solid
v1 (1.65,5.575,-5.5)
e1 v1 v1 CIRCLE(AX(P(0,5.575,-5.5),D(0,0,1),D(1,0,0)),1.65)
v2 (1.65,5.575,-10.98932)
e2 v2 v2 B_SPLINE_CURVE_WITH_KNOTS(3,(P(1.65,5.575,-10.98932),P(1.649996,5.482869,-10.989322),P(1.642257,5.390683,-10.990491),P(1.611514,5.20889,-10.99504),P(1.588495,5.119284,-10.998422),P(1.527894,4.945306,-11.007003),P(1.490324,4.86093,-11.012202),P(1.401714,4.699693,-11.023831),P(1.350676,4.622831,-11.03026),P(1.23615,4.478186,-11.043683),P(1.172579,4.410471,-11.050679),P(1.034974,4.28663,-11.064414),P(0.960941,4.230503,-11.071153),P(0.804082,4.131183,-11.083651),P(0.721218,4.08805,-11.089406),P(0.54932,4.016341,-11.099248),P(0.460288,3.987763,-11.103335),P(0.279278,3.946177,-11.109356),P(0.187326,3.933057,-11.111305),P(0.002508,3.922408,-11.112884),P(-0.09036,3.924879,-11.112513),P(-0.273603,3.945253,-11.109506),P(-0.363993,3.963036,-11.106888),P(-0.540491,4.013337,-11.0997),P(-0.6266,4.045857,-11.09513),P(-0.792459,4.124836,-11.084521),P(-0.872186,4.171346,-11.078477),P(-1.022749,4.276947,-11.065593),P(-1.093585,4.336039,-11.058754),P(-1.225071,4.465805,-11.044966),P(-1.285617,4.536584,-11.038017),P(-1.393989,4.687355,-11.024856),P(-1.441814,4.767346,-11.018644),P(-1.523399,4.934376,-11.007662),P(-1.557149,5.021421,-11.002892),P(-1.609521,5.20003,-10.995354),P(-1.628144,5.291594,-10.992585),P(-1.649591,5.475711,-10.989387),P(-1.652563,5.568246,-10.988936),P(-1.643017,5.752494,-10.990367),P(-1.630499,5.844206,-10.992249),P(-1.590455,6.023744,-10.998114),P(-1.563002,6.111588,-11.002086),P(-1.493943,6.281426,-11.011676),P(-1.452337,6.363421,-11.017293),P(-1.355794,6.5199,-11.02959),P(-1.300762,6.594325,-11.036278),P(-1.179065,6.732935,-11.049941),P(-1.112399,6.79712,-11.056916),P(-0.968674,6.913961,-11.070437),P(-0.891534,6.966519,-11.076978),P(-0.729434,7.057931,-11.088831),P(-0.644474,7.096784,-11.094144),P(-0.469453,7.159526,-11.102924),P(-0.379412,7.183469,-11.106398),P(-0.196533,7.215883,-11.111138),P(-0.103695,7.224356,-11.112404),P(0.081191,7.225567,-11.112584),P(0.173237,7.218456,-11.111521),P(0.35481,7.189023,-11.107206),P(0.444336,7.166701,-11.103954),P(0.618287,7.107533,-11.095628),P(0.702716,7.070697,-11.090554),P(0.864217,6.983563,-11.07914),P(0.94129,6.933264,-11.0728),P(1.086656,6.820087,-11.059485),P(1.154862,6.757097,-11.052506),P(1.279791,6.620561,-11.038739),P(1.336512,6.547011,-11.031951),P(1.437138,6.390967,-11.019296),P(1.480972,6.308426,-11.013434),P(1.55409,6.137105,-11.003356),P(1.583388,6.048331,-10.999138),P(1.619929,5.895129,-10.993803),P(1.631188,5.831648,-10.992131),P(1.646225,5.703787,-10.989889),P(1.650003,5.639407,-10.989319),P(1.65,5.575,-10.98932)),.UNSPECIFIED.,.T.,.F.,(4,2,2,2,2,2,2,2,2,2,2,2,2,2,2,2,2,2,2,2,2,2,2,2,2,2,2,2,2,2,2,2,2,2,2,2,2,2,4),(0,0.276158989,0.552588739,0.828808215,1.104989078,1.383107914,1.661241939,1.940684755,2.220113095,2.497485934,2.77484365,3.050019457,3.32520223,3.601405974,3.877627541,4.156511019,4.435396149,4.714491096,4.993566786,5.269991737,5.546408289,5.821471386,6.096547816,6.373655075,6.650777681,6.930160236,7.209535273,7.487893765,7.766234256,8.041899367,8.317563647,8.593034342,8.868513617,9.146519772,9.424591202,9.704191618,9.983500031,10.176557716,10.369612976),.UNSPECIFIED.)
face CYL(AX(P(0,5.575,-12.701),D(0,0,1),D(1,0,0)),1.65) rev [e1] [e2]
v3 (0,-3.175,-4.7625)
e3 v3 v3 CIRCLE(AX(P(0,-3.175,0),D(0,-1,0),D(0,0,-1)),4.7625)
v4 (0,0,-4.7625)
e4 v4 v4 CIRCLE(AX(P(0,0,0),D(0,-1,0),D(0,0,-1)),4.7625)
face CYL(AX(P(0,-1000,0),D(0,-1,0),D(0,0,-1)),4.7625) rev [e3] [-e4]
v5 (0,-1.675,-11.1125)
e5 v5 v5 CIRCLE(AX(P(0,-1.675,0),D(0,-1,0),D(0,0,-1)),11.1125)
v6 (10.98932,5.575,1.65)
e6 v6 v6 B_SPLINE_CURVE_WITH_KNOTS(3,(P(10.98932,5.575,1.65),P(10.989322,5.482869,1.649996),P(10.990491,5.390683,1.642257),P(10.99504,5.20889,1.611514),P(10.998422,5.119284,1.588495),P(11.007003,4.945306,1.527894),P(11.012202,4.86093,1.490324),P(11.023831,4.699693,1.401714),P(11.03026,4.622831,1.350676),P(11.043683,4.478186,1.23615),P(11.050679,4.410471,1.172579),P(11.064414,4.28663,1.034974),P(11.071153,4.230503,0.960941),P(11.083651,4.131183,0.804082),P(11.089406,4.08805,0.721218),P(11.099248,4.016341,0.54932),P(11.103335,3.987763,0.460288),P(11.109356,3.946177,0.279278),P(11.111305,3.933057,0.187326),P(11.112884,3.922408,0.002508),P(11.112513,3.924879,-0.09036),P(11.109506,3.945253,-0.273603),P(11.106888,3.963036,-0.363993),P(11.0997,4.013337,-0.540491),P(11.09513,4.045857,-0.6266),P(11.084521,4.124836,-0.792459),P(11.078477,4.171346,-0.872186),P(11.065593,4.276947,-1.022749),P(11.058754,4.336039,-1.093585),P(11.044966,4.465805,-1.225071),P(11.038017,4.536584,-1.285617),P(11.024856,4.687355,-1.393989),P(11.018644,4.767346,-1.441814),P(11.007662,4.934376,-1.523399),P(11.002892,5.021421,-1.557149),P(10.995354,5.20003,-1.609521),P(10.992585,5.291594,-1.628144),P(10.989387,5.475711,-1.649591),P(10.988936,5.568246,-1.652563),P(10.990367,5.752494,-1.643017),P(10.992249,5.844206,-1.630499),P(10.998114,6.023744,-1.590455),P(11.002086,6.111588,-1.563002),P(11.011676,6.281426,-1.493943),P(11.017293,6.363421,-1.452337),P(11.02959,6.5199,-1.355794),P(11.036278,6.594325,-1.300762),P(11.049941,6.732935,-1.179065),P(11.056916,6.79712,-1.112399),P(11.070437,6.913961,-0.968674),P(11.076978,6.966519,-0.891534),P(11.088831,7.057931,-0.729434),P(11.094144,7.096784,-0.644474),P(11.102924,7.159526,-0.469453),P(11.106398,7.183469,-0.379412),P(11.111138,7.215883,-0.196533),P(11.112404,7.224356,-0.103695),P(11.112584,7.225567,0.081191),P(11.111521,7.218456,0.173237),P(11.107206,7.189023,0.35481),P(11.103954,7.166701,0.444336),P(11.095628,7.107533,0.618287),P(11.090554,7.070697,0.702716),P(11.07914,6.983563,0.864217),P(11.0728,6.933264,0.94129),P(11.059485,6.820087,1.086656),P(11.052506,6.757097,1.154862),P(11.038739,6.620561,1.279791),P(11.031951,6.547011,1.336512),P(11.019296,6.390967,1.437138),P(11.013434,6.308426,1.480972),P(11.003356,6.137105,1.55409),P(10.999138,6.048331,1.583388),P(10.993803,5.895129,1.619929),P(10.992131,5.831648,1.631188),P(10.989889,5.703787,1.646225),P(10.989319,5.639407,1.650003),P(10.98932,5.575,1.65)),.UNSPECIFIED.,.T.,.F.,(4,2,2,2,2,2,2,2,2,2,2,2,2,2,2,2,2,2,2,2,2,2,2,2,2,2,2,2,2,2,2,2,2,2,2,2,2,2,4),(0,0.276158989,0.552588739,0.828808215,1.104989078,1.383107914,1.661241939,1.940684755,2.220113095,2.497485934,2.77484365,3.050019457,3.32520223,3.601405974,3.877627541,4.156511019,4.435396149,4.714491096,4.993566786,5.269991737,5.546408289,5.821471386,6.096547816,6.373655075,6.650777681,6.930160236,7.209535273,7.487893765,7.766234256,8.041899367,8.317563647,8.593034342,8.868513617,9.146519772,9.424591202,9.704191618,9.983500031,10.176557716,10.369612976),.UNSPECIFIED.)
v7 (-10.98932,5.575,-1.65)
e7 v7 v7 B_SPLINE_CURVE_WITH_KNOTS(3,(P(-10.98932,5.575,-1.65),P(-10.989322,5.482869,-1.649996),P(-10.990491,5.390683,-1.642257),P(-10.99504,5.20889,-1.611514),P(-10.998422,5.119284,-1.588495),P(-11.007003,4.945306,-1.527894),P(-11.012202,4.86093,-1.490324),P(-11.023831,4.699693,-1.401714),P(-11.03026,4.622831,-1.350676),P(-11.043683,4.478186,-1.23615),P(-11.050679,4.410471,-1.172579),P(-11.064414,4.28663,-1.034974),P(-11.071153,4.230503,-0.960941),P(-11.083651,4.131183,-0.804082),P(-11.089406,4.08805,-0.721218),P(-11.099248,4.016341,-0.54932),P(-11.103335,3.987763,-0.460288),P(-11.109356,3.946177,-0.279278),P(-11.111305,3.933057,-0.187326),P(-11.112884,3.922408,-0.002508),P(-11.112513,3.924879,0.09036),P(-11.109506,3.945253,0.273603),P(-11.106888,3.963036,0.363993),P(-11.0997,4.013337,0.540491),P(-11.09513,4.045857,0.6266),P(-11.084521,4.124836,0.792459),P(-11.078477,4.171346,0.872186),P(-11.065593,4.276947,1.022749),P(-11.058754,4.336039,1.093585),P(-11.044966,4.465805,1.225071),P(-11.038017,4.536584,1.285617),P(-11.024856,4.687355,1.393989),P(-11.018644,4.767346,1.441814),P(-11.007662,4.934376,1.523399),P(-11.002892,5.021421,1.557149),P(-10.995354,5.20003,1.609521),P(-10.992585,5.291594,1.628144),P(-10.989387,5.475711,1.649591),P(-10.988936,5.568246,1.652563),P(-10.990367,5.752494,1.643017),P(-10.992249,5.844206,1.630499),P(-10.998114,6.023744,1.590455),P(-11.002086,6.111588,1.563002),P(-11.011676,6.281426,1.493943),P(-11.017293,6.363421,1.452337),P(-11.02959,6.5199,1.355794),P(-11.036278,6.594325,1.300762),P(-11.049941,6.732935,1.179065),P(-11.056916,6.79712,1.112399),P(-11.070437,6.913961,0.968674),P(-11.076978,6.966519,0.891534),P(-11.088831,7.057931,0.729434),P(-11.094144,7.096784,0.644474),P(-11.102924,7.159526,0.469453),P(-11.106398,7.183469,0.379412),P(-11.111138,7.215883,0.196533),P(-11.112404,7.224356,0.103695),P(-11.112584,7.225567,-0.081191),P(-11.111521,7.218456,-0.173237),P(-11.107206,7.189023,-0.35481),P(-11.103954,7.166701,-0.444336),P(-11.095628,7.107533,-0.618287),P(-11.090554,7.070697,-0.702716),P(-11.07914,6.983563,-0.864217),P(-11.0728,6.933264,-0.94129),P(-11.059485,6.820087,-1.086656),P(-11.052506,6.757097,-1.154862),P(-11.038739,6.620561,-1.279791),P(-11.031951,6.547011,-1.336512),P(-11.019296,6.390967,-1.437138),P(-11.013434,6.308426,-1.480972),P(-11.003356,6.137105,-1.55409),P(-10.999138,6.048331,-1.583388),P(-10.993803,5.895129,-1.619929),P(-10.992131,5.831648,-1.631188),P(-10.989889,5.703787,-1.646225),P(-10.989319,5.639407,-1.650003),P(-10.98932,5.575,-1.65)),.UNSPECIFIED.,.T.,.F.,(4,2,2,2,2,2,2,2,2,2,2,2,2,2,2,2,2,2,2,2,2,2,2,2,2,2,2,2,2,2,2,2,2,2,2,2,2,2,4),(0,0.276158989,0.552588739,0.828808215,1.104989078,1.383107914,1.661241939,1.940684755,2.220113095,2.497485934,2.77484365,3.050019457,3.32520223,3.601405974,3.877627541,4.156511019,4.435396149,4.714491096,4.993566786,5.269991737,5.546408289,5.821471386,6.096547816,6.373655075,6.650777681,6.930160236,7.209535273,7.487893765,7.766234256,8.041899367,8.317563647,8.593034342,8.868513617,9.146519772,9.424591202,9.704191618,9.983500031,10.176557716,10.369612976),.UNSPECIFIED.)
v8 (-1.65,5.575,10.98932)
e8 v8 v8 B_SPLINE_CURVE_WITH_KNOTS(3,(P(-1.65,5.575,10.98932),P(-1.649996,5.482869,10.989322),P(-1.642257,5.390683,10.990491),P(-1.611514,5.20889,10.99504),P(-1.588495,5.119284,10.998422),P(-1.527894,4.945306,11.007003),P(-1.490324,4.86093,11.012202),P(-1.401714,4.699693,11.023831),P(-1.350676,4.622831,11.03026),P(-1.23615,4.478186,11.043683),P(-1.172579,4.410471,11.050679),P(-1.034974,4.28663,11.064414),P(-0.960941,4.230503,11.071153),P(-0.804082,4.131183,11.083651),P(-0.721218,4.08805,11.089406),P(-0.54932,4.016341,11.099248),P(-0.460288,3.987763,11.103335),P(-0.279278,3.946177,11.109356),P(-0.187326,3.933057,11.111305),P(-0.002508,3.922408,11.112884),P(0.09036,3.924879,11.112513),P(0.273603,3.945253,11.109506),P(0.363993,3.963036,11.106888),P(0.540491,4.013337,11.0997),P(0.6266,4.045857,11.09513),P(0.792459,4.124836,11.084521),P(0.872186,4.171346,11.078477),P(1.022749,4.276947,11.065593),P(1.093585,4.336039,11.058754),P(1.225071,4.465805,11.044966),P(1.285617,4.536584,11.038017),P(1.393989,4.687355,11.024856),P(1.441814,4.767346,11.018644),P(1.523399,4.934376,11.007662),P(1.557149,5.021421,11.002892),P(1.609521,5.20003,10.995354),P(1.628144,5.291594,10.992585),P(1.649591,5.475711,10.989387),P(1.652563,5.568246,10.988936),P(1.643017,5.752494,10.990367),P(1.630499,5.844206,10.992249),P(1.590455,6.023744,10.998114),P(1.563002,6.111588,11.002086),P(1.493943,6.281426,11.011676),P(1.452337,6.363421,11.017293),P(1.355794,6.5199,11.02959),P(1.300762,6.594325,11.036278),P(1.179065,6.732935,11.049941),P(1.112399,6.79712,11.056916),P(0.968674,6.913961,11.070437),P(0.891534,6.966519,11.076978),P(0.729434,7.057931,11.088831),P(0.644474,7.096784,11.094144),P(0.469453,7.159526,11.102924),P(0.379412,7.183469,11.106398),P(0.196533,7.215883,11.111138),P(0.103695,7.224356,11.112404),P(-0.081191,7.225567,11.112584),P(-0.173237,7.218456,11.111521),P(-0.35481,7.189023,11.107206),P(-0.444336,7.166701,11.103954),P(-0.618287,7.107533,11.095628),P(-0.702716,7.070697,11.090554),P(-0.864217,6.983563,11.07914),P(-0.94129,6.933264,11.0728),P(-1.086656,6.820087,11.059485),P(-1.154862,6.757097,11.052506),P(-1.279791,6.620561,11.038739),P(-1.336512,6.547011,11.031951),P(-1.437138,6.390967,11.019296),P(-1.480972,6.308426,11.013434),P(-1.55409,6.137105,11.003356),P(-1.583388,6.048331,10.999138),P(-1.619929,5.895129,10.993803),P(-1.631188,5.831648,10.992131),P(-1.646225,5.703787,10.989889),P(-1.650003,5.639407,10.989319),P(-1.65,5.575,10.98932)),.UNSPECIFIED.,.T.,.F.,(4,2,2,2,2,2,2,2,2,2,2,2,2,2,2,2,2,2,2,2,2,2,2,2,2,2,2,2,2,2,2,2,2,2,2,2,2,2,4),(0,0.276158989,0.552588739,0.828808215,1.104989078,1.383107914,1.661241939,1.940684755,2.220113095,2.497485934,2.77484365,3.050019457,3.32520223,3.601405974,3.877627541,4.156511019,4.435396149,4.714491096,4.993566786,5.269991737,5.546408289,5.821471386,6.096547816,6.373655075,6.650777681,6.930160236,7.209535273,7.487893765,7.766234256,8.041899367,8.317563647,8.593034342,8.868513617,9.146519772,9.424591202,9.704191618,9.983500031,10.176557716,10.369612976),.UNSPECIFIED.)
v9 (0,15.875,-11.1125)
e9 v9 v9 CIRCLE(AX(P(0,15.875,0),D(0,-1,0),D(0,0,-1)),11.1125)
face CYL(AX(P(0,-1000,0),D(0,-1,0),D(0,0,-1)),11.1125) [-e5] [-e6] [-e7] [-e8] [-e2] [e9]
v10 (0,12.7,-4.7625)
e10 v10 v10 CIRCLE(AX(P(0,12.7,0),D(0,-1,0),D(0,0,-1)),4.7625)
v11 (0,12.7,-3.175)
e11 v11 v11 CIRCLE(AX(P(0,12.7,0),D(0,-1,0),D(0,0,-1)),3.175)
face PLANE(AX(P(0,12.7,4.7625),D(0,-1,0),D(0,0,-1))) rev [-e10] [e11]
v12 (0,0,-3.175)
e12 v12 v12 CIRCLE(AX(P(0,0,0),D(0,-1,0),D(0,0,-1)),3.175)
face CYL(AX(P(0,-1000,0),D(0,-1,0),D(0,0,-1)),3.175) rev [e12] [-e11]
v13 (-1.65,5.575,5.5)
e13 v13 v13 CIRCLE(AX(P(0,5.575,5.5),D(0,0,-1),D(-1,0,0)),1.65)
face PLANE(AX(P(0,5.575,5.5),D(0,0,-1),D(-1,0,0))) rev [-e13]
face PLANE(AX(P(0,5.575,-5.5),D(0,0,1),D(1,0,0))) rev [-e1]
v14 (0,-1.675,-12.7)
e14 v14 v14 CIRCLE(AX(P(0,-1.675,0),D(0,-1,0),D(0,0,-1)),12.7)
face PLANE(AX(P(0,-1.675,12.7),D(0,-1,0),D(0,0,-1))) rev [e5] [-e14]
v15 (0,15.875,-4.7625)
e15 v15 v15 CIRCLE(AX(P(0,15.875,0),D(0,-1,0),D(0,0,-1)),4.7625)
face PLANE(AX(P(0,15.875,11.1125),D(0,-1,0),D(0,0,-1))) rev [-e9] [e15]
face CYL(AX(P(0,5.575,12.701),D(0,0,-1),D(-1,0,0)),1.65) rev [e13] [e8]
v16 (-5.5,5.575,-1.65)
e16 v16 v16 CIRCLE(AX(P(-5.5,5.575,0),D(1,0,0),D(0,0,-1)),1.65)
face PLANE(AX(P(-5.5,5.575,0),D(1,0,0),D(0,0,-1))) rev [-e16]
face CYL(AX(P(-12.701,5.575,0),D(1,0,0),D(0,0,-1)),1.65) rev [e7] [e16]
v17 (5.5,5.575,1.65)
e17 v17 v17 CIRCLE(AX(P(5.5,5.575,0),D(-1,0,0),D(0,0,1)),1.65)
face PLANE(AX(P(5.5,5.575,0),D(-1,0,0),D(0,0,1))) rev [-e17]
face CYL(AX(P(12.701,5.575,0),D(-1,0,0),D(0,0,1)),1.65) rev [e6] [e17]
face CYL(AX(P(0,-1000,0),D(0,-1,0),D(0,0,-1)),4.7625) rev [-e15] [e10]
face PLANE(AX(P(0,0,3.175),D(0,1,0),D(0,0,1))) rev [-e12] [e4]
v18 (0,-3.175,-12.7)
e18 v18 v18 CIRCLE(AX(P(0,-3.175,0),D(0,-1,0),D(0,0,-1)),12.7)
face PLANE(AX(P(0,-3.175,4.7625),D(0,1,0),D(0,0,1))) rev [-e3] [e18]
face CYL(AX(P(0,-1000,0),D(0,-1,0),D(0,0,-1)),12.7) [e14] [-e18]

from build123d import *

# Parameters (mm, degrees)
CUT_EXTRUDE1_REACH      = 31.471
CUT_EXTRUDE1_END_RADIUS = 11.1125
CUT_EXTRUDE1_START      = -5.5
SKETCH2_R               = 1.65
CIRPATTERN1_COUNT       = 4


with BuildPart() as part:
    # Sketch1 → Revolve1 (revolve)
    with BuildSketch(Plane(origin=(0, 0, 0), x_dir=(0, 0, -1), z_dir=(1, 0, 0)), mode=Mode.PRIVATE) as revolve1_sk:
        Polygon((-3.175, 0), (-4.7625, 0), (-4.7625, -3.175), (-12.7, -3.175), (-12.7, -1.675), (-11.1125, -1.675), (-11.1125, 15.875), (-4.7625, 15.875), (-4.7625, 12.7), (-3.175, 12.7), align=None)
    revolve(revolve1_sk.sketch.rotate(Axis((0, -1000, 0), (0, 1, 0)), 180), axis=Axis((0, -1000, 0), (0, 1, 0)))

    # Cut-Extrude1: up to this cylinder (the profile starts inside it)
    cut_extrude1_end = Plane(origin=(0, 5.575, 0), z_dir=(0, -1, 0)) * Cylinder(CUT_EXTRUDE1_END_RADIUS, 86.167, mode=Mode.PRIVATE)
    # Sketch2 → Cut-Extrude1 (cut, up to the surface)
    with BuildSketch(Plane(origin=(0, 0, 0), x_dir=(0, 0, -1), z_dir=(1, 0, 0)).offset(CUT_EXTRUDE1_START), mode=Mode.PRIVATE) as cut_extrude1_sk1:
        with Locations((0, 5.575)):
            Circle(SKETCH2_R)
    cut_extrude1_tool1 = extrude(cut_extrude1_sk1.sketch, amount=-CUT_EXTRUDE1_REACH, mode=Mode.PRIVATE) & cut_extrude1_end
    cut_extrude1 = cut_extrude1_tool1.solids().sort_by_distance((-5.5, 5.575, 0))[0]
    add(cut_extrude1, mode=Mode.SUBTRACT)

    # CirPattern1: Cut-Extrude1 ×4 about axis
    cirpattern1_axis = Axis((0, 0, 0), (0, 1, 0))
    for i in range(1, CIRPATTERN1_COUNT):
        add(cut_extrude1.rotate(cirpattern1_axis, i * 360 / CIRPATTERN1_COUNT), mode=Mode.SUBTRACT)


solid = part.part
